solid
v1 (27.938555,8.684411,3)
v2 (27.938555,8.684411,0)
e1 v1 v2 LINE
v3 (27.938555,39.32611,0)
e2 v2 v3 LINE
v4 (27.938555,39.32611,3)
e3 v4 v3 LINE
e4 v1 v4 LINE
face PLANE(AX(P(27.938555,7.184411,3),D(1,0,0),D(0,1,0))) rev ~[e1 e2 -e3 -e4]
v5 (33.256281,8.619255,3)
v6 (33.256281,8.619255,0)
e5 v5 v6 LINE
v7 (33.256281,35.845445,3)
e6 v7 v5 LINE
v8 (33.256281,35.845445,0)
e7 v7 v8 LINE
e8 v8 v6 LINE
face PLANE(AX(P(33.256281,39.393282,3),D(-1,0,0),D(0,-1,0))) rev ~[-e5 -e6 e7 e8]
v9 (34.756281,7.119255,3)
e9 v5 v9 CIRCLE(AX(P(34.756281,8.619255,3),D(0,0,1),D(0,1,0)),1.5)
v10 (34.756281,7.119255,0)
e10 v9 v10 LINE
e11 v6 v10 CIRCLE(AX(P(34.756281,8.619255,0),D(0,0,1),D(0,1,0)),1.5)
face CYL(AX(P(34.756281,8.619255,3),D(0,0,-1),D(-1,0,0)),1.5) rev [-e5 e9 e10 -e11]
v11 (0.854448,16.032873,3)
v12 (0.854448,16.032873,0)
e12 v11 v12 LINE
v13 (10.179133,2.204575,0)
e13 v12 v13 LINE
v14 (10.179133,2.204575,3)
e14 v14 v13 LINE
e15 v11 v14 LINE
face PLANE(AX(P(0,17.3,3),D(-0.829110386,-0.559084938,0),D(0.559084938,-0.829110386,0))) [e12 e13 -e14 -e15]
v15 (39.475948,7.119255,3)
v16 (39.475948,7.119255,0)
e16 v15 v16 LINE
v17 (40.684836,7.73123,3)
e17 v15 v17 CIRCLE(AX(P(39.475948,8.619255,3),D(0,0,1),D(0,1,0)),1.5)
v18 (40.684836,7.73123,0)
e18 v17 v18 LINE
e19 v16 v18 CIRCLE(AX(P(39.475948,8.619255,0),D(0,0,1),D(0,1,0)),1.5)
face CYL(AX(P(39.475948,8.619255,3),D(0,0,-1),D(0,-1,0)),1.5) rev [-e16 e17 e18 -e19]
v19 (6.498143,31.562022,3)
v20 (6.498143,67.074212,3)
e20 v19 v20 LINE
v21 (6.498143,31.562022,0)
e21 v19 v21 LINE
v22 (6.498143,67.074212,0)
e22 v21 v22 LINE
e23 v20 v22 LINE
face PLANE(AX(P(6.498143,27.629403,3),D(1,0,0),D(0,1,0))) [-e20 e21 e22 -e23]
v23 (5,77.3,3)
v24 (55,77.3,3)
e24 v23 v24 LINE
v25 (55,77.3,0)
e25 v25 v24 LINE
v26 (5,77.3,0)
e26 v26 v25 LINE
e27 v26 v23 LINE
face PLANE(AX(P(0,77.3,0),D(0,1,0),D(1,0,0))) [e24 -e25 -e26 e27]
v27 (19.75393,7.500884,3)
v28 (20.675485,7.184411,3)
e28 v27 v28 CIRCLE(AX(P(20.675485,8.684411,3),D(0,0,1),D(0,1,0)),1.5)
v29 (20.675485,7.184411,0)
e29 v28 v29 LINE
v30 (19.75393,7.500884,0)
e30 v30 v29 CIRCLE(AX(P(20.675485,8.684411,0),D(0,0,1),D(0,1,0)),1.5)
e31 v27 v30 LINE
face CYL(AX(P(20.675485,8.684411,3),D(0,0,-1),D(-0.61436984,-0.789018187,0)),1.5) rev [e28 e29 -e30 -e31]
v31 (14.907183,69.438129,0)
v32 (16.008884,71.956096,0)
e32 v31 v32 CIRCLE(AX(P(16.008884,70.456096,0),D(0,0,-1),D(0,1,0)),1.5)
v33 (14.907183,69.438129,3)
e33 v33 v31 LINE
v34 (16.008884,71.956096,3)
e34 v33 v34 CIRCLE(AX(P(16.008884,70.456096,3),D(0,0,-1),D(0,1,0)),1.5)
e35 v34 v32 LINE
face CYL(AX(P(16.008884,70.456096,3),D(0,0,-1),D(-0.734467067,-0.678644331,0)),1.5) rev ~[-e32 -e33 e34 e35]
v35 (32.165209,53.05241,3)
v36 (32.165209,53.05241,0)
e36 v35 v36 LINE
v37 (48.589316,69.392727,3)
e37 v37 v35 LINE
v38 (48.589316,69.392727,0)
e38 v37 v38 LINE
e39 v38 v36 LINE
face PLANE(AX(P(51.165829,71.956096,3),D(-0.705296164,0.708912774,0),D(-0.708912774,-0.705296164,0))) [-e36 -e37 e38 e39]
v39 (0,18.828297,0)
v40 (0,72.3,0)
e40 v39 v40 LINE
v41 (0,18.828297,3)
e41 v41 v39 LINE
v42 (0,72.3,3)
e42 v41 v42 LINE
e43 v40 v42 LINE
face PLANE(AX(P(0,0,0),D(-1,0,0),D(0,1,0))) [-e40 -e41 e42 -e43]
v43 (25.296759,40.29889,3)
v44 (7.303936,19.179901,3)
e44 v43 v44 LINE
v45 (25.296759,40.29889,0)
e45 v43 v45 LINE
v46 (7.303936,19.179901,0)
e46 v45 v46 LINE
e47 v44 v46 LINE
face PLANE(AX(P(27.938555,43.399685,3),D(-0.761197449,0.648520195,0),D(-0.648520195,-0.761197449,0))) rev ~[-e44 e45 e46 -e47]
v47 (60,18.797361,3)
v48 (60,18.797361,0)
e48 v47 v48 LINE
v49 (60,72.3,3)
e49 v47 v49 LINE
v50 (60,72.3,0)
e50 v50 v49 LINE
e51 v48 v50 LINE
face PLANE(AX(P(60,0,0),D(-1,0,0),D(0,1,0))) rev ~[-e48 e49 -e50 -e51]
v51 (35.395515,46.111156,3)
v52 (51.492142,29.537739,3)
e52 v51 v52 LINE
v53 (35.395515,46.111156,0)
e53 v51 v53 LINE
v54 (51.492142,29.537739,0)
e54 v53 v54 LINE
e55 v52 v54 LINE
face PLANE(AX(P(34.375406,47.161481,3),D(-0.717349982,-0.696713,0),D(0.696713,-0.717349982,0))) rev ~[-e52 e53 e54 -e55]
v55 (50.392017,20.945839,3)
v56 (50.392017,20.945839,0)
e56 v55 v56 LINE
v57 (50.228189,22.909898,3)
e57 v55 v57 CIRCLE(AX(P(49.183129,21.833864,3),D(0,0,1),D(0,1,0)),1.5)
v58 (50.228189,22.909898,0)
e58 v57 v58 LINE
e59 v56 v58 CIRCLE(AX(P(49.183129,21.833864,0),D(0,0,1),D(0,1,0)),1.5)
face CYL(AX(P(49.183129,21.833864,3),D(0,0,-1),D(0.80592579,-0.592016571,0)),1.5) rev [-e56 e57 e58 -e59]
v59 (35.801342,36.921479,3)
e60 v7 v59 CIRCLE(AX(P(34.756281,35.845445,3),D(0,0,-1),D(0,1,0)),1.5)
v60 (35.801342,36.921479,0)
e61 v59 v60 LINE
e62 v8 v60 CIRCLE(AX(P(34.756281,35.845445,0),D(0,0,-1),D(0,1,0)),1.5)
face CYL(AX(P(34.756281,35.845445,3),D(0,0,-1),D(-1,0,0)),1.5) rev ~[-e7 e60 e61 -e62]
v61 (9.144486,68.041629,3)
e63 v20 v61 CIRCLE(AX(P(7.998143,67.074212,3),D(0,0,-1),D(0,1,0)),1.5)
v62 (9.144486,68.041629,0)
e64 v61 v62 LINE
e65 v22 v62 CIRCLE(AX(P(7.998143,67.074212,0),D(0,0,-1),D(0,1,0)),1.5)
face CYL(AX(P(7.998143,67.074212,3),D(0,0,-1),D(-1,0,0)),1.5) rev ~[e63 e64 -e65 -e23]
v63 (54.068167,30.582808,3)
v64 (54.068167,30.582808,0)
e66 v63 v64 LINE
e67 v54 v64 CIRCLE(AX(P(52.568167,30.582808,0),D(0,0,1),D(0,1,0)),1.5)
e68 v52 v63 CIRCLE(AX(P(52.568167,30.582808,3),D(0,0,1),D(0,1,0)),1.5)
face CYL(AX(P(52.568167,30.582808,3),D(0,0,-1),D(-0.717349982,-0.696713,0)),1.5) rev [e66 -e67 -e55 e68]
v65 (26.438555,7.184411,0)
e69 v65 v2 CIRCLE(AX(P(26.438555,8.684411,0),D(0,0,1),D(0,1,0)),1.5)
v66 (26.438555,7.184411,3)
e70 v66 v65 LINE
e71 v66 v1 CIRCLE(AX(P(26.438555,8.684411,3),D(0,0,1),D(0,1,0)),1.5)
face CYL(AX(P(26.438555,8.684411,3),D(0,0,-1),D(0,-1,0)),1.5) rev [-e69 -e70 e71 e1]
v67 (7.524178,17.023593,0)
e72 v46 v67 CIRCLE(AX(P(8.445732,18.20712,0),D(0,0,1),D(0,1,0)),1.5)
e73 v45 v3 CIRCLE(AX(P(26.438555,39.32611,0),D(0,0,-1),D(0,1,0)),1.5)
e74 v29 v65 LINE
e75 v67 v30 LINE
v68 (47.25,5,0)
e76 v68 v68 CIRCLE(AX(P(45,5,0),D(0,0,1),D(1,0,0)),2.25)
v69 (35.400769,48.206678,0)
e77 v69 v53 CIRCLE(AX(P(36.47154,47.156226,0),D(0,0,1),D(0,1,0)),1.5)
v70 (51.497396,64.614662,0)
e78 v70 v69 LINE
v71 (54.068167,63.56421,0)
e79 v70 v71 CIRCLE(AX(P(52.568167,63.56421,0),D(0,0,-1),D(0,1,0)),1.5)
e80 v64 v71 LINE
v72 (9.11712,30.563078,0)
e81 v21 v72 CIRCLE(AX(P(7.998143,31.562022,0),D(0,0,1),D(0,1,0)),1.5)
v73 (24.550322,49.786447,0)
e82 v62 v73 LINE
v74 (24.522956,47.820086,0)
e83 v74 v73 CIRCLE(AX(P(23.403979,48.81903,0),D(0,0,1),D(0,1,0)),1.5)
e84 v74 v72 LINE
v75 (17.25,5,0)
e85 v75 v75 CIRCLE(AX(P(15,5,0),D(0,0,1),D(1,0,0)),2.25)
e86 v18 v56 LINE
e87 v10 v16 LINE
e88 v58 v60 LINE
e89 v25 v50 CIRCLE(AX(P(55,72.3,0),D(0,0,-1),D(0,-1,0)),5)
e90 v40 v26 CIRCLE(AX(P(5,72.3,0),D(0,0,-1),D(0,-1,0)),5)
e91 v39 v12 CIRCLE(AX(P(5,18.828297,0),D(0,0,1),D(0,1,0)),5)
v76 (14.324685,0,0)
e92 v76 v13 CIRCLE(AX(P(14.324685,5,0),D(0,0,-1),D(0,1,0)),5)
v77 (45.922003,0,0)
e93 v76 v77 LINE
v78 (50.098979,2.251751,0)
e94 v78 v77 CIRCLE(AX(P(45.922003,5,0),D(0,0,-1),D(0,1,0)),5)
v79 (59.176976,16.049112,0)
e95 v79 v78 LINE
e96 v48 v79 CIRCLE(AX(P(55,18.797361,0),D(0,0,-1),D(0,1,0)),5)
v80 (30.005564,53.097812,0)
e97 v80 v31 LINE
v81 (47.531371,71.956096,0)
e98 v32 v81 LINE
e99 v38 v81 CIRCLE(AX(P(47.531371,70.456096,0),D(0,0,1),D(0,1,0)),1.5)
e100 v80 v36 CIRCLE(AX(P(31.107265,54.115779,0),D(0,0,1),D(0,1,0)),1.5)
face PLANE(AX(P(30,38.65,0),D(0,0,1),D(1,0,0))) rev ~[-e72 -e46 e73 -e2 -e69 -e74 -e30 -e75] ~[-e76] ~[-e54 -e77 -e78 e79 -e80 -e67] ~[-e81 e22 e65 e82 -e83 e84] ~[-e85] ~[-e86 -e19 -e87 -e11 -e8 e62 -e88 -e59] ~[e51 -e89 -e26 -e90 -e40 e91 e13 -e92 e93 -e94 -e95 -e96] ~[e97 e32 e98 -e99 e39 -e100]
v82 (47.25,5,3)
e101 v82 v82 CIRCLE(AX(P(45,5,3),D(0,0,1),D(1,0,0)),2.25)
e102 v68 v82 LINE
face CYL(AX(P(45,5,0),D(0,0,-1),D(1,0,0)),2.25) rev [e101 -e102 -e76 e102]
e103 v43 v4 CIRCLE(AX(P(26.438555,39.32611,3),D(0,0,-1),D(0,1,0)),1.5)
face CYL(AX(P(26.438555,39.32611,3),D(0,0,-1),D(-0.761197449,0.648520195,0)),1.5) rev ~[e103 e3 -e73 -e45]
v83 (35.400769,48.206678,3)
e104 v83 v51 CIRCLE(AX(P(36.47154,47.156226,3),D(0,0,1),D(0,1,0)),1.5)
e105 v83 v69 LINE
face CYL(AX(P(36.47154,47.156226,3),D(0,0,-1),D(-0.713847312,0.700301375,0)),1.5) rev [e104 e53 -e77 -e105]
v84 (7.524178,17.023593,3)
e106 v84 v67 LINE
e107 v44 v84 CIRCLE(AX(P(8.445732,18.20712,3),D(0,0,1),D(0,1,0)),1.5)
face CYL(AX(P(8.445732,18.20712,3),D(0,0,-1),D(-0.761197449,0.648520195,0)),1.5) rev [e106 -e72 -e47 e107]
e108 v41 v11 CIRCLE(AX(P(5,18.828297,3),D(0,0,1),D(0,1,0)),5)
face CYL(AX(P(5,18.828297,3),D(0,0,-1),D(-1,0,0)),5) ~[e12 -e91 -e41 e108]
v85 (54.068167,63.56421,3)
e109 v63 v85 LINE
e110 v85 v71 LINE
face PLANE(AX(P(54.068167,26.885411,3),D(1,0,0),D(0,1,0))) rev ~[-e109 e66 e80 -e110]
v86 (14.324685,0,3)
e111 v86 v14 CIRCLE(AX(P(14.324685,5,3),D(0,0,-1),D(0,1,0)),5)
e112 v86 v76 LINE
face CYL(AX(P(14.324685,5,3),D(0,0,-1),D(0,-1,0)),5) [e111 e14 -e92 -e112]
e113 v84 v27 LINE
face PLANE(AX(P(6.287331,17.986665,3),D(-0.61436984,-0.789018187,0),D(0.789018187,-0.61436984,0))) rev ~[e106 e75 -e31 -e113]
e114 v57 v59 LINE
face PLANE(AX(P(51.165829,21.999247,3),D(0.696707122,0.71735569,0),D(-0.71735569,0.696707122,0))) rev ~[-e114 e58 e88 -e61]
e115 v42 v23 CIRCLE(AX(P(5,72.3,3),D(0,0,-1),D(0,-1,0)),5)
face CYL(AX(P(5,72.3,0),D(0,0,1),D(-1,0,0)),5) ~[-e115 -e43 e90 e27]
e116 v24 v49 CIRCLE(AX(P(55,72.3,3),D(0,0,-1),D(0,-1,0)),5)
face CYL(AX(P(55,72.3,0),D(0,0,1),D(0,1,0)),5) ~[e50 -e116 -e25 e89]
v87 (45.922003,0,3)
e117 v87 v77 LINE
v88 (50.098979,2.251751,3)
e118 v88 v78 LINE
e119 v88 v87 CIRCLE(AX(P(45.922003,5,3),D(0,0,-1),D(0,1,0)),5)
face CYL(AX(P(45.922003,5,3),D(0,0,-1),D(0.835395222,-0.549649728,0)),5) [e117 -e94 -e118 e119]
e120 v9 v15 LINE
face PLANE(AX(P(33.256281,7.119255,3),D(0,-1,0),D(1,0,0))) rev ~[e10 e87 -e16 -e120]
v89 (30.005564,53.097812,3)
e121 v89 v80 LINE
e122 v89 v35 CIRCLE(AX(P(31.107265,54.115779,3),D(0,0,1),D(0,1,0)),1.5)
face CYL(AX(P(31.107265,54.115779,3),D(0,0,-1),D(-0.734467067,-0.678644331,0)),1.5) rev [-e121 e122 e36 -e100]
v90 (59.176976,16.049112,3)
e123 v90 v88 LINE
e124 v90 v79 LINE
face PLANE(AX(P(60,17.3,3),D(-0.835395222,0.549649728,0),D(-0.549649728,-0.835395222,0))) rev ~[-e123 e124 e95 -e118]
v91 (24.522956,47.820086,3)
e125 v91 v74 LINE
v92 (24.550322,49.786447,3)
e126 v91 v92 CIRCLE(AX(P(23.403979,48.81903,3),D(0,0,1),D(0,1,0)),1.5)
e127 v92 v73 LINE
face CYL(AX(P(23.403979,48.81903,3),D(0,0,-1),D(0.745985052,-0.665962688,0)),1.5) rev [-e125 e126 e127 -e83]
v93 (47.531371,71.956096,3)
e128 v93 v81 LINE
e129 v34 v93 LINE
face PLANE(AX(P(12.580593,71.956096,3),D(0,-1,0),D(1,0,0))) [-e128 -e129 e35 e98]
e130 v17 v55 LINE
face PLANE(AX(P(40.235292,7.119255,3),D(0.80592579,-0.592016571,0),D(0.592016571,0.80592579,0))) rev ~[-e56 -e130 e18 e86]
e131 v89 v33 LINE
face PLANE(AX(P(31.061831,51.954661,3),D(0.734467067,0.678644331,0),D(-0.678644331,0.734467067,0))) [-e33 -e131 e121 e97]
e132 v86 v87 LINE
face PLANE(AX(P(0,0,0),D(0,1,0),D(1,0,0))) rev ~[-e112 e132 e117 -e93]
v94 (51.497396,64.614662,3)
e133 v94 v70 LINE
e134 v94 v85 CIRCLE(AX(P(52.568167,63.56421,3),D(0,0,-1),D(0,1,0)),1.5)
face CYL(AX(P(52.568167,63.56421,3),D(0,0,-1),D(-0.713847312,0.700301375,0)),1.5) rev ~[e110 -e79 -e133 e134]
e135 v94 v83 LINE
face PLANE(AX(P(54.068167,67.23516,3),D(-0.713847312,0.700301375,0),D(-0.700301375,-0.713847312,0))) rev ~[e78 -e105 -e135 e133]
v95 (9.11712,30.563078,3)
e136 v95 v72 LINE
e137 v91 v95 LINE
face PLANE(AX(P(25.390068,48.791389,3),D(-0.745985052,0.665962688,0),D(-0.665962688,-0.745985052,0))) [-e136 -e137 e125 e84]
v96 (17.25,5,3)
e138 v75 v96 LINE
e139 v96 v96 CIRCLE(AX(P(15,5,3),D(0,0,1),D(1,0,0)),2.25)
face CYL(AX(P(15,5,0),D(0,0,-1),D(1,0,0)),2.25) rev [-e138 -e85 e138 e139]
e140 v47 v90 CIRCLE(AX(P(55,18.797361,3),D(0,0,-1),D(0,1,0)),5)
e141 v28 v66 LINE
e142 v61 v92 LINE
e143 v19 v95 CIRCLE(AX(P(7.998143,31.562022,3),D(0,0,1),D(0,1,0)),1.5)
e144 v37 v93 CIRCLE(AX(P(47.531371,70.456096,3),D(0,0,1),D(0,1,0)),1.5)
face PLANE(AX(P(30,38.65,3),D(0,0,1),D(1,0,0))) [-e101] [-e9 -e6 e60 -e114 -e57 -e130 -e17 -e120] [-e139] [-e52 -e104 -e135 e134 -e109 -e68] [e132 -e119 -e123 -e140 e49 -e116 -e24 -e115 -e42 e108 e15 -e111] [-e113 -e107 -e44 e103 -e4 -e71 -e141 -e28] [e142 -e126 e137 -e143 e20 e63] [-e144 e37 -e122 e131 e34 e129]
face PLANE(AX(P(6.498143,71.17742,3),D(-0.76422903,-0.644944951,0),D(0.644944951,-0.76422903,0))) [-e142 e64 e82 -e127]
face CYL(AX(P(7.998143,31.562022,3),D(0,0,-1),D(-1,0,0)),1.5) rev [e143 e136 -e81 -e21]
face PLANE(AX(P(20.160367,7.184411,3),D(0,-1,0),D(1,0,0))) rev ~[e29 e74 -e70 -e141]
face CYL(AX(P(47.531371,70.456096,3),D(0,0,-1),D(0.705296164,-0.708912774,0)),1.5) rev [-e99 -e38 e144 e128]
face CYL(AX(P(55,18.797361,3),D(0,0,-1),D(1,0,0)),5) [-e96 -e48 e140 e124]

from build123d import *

# Parameters (mm, degrees)
SKETCH_1_W          = 60
SKETCH_1_H          = 77.3
SKETCH_1_R          = 2.25
EXTRUDE_1_DEPTH     = 3
CUT_EXTRUDE_1_DEPTH = 98.899387128
FILLET_2_R          = 1.5
FILLET_3_R          = 5


with BuildPart() as part:
    # 草图1 → 凸台-拉伸1 (new body)
    with BuildSketch(Plane.XY):
        with Locations((30, 38.65)):
            Rectangle(SKETCH_1_W, SKETCH_1_H)
        with Locations((15, 5)):
            Circle(SKETCH_1_R, mode=Mode.SUBTRACT)
        with Locations((45, 5)):
            Circle(SKETCH_1_R, mode=Mode.SUBTRACT)
    extrude(amount=EXTRUDE_1_DEPTH)

    # 草图2 → 切除-拉伸1 (cut, through all)
    with BuildSketch(Plane.XY.offset(3)):
        Polygon((6.498142721, 71.177419939), (25.390067515, 48.791389416), (6.498142721, 27.629402774), align=None)
        Polygon((12.580592965, 71.956095933), (51.165829297, 71.956095933), (31.061830901, 51.954660702), align=None)
        Polygon((54.068167093, 67.235159515), (34.375406047, 47.16148119), (54.068167093, 26.885410871), align=None)
        Polygon((27.938555498, 43.399685415), (6.287330924, 17.986665065), (20.160366982, 7.184410962), (27.938555498, 7.184410962), align=None)
        Polygon((33.25628143, 39.393281631), (33.25628143, 7.119255047), (40.235291957, 7.119255047), (51.165829297, 21.999247226), align=None)
        Polygon((0, 17.3), (11.665719773, 0), (0, 0), align=None)
        Polygon((60, 17.3), (48.617435134, 0), (60, 0), align=None)
    extrude(amount=-CUT_EXTRUDE_1_DEPTH, mode=Mode.SUBTRACT)

    # 圆角2
    fillet_2_edges = [part.edges().sort_by_distance(p)[0] for p in [
        (6.498142721, 27.629402774, 1.5),
        (6.498142721, 71.177419939, 1.5),
        (25.390067515, 48.791389416, 1.5),
        (31.061830901, 51.954660702, 1.5),
        (12.580592965, 71.956095933, 1.5),
        (51.165829297, 71.956095933, 1.5),
        (27.938555498, 43.399685415, 1.5),
        (27.938555498, 7.184410962, 1.5),
        (20.160366982, 7.184410962, 1.5),
        (6.287330924, 17.986665065, 1.5),
        (40.235291957, 7.119255047, 1.5),
        (33.25628143, 7.119255047, 1.5),
        (33.25628143, 39.393281631, 1.5),
        (51.165829297, 21.999247226, 1.5),
        (54.068167093, 67.235159515, 1.5),
        (54.068167093, 26.885410871, 1.5),
        (34.375406047, 47.16148119, 1.5),
    ]]
    fillet(fillet_2_edges, radius=FILLET_2_R)

    # 圆角3
    fillet_3_edges = [part.edges().sort_by_distance(p)[0] for p in [
        (0, 17.3, 1.5),
        (11.665719773, 0, 1.5),
        (0, 77.3, 1.5),
        (60, 17.3, 1.5),
        (60, 77.3, 1.5),
        (48.617435134, 0, 1.5),
    ]]
    fillet(fillet_3_edges, radius=FILLET_3_R)


solid = part.part
